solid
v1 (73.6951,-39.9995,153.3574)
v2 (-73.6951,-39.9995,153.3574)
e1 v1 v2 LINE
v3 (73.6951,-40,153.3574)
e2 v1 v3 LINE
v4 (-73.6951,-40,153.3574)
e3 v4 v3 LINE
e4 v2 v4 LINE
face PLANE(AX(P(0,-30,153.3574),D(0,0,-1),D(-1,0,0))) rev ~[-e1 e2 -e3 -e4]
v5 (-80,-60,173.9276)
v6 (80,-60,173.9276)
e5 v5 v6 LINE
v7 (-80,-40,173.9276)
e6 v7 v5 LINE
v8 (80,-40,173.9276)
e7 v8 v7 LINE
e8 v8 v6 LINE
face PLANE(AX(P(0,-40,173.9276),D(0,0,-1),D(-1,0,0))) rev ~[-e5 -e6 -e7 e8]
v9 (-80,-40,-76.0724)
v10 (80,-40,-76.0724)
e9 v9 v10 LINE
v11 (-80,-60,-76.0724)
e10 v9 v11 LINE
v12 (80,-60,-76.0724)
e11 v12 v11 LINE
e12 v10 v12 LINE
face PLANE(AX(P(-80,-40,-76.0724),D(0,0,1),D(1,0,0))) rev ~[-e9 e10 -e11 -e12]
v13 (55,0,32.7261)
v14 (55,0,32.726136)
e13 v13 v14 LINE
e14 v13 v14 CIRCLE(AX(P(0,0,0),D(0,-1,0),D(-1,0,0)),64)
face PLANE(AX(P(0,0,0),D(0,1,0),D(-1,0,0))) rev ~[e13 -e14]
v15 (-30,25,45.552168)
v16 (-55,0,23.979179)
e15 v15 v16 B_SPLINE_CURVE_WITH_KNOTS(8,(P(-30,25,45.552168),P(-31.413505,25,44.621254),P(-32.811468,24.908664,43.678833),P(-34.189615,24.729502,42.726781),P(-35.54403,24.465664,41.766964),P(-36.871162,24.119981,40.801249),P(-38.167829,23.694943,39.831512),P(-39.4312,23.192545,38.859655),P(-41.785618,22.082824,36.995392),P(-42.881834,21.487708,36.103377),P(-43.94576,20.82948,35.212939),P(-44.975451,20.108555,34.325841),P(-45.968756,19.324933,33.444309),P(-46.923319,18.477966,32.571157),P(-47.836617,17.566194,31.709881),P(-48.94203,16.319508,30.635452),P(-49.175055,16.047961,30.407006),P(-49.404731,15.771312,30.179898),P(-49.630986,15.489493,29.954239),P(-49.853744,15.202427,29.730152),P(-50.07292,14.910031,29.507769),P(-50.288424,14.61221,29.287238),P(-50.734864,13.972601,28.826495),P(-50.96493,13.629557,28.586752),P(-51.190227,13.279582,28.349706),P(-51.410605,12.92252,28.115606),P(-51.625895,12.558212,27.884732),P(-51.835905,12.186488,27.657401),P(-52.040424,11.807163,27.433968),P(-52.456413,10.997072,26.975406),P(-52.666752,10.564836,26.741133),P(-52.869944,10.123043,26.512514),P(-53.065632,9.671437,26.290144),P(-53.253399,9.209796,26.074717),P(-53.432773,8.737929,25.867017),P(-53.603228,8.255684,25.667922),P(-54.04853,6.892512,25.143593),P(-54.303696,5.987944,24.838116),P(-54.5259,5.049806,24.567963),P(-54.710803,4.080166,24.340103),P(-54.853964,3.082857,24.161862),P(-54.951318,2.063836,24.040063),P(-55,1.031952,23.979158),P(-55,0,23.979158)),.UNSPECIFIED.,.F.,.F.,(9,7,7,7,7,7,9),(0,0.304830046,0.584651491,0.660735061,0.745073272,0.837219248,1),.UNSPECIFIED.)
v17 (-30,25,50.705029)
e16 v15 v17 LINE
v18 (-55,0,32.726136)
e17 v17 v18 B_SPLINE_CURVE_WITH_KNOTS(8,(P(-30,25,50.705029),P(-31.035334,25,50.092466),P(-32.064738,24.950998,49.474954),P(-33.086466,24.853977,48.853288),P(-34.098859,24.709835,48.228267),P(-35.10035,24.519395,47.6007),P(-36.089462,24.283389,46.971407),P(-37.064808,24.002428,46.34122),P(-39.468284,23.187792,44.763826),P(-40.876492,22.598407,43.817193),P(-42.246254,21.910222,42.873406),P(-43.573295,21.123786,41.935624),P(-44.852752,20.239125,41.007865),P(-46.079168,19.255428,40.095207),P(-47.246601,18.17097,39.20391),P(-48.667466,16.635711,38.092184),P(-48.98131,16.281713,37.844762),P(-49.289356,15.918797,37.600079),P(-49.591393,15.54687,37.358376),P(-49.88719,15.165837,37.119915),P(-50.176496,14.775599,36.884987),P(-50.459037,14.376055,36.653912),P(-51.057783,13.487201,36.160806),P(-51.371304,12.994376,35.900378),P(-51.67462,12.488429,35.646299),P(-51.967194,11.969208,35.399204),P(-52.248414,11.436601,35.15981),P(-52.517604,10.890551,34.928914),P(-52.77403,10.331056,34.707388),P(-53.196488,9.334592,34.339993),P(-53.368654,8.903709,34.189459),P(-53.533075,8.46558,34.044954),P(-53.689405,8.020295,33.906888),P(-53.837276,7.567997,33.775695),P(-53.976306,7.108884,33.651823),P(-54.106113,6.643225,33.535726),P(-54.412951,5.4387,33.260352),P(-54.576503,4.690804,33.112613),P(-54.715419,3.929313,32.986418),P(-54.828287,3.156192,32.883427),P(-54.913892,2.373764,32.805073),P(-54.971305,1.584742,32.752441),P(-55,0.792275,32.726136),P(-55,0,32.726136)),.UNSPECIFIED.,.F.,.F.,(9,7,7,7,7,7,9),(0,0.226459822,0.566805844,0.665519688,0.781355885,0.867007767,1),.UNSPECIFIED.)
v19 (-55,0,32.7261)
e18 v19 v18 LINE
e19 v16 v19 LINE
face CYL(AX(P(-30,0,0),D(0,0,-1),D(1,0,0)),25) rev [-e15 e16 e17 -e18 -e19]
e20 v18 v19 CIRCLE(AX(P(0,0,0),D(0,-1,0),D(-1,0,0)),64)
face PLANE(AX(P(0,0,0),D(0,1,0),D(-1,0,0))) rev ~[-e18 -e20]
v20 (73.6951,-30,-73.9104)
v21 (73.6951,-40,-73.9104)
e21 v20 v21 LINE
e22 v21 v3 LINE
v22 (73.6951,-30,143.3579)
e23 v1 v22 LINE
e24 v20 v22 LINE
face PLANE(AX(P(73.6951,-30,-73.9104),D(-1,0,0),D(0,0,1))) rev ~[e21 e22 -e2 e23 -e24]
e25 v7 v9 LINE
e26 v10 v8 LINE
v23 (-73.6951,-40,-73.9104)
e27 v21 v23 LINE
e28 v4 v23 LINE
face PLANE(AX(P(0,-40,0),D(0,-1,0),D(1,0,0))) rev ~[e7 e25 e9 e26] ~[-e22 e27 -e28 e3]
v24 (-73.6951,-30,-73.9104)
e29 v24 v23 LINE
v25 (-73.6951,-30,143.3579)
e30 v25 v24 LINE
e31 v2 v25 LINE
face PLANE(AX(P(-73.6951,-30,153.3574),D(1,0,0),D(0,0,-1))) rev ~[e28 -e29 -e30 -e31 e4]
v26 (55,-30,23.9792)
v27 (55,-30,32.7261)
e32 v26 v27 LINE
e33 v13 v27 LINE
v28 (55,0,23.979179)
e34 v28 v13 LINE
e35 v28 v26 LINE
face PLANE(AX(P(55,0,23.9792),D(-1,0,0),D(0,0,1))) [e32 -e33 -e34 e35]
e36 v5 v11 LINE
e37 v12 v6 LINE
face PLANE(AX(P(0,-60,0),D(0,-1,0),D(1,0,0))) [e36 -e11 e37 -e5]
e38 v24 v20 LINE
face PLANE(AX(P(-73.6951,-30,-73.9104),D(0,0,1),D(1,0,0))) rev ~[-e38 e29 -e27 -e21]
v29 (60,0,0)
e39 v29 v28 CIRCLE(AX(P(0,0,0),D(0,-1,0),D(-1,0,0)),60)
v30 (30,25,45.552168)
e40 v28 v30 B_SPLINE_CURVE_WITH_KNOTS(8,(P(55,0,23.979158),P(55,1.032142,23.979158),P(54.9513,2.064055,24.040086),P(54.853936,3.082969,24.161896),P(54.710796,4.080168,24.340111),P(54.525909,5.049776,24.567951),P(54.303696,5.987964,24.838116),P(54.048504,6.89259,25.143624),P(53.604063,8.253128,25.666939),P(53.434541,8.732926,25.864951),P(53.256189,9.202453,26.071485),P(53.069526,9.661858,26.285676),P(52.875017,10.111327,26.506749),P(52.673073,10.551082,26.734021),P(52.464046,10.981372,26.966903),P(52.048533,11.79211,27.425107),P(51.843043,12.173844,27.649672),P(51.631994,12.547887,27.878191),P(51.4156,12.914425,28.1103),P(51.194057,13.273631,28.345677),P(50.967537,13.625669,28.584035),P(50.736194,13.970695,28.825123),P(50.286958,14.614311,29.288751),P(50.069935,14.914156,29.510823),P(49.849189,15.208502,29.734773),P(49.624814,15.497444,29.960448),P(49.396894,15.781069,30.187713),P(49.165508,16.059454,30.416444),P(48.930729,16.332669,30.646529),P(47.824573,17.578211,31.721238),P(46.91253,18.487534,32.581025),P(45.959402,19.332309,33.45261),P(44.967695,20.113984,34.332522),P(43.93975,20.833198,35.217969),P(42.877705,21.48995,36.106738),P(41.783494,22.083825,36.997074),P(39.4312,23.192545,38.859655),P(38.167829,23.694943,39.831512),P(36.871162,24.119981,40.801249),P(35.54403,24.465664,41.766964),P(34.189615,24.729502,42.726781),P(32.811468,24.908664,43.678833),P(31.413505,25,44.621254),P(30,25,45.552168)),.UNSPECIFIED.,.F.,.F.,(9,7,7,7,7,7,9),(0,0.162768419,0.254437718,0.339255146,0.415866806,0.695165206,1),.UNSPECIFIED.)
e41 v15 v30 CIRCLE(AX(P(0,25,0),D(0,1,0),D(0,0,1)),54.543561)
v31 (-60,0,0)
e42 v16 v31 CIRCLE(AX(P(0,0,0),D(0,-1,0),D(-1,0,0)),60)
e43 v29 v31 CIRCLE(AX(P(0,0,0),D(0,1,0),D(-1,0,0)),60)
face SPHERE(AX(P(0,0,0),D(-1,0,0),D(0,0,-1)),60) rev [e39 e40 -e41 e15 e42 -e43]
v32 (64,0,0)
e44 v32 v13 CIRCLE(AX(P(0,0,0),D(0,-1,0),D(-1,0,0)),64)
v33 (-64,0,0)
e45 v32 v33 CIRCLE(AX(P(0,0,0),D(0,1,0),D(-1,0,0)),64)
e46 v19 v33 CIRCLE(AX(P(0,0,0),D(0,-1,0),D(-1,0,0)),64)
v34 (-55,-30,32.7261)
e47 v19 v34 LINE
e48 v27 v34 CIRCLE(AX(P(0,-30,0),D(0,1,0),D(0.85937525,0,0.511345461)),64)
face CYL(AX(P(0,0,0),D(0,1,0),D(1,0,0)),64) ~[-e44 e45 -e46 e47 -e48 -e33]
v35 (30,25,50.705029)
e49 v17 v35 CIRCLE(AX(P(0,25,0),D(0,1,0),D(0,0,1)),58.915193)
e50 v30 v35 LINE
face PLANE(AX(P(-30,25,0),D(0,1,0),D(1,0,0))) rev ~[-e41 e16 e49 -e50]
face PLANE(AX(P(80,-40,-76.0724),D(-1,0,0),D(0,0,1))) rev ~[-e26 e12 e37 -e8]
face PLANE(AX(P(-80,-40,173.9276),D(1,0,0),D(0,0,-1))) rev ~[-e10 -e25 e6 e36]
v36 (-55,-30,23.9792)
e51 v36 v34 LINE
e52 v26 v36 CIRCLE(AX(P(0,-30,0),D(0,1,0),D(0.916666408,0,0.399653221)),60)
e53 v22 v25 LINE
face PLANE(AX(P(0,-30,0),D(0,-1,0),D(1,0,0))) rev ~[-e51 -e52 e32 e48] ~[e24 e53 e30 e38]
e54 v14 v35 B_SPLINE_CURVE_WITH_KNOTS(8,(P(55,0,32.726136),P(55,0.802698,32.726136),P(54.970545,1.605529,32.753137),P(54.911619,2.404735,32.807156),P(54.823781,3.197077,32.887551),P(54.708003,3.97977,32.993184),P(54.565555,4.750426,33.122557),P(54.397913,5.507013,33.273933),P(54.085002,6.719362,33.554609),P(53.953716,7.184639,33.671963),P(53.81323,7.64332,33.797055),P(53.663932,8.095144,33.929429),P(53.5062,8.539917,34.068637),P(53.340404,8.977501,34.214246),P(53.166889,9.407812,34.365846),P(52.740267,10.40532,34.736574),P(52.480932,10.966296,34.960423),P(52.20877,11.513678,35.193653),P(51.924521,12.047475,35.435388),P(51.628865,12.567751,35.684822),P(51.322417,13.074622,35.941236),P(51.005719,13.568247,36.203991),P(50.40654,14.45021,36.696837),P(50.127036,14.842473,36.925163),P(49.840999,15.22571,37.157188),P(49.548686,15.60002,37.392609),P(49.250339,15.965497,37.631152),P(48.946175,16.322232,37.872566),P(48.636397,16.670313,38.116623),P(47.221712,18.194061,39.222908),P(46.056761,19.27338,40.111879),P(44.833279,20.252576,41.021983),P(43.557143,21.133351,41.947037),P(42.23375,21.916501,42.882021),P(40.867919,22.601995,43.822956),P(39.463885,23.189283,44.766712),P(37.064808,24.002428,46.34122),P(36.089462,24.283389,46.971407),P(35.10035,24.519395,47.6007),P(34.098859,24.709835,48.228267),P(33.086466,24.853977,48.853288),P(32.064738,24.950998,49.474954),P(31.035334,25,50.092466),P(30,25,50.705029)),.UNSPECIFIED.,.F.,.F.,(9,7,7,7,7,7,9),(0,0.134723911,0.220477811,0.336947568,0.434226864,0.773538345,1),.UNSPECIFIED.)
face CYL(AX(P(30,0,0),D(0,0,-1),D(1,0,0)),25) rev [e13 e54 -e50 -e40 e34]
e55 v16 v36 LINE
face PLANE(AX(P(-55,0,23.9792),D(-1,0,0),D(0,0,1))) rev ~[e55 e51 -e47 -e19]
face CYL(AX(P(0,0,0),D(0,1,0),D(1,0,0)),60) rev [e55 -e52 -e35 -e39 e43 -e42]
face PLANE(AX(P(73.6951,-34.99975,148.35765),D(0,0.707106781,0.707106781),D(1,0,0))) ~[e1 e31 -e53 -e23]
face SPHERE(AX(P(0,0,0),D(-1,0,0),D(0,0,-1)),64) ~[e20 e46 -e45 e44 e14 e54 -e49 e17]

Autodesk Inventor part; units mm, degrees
ref_plane "YZ Plane" through (0, 0, 0) normal (1, 0, 0) x (0, 1, 0)
ref_plane "XZ Plane" through (0, 0, 0) normal (0, 1, 0) x (-1, 0, 0)
ref_plane "XY Plane" through (0, 0, 0) normal (0, 0, 1) x (1, 0, 0)
sketch "Эскиз1" plane through (0, 0, 0) normal (0, 1, 0) x (-1, 0, 0)
  circle A0 centre (0, 0) radius 60
  circle A1 centre (0, 0) radius 64
  line L0 (64, 0) -> (-64, 0)
  point P0 (60, 0)
  point P1 (-60, 0)
  dimension "d0" = 120
  dimension "d1" = 128
revolve "Вращение1" add sketch "Эскиз1" angle 180 about axis through (-64, 0, 0) along (1, 0, 0) picked at (62.0387, -7.1775) contours L0 A1 A0
sketch "Эскиз2" plane through (0, 0, 0) normal (0, 0, 1) x (1, 0, 0)
  line L0 (-64, 0) -> (64, 0) projected
  circle A0 centre (-30, 0) radius 25
  circle A1 centre (30, 0) radius 25
  line L1 (-30, 25) -> (30, 25)
  point P0 (0, 0)
  point P1 (0, 0)
  point P2 (55, 0)
  point P3 (-55, 0)
  dimension "d3" = 50
  dimension "d4" = 50
  dimension "d5" = 30
  dimension "d6" = 30
extrude "Выдавливание1" cut sketch "Эскиз2" along normal blind 100 contours A0 L0 | A0 L1 A1 L0 | A1 L0 picked at (-26.3843, 7.5081) picked at (33.6157, 7.5081)
sketch "Эскиз3" plane through (0, 0, 0) normal (0, -1, 0) x (1, 0, 0)
  circle A0 centre (0, 0) radius 64
  circle A1 centre (0, 0) radius 60
  arc A2 (-55, 23.9792) -> (55, 23.9792) centre (0, 0) ccw projected
  arc A3 (-55, 32.7261) -> (55, 32.7261) centre (0, 0) ccw projected
  line L0 (55, 23.9792) -> (55, 32.7261)
  line L1 (-55, 23.9792) -> (-55, 32.7261) projected
  line L2 (-55, 23.9792) -> (-55, 32.7261)
extrude "Выдавливание2" add sketch "Эскиз3" along normal blind 30 contours A0 L1 A1 L0 picked at (62.3402, -3.7177)
sketch "Эскиз5" plane through (0, -30, 0) normal (0, -1, 0) x (1, 0, 0)
  line L0 (-73.6951, -73.9104) -> (73.6951, -73.9104)
  line L1 (73.6951, -73.9104) -> (73.6951, 153.3574)
  line L2 (73.6951, 153.3574) -> (-73.6951, 153.3574)
  line L3 (-73.6951, 153.3574) -> (-73.6951, -73.9104)
  line L4 (0, 153.3574) -> (0, -73.9104)
  point P0 (0, 0)
extrude "Выдавливание3" add sketch "Эскиз5" along normal blind 10
chamfer "Фаска1" distance 10 angle 45 1 edges at (0, -30, 153.3574)
sketch "Эскиз6" plane through (0, -40, 0) normal (0, -1, 0) x (1, 0, 0)
  line L0 (-80, -76.0724) -> (80, -76.0724)
  line L1 (80, -76.0724) -> (80, 173.9276)
  line L2 (80, 173.9276) -> (-80, 173.9276)
  line L3 (-80, 173.9276) -> (-80, -76.0724)
  line L4 (0, 173.9276) -> (0, -76.0724)
  point P0 (0, 0)
  dimension "d16" = 160
  dimension "d17" = 250
extrude "Выдавливание4" add sketch "Эскиз6" along normal blind 20
properties part number "каска" material "Трубопровод ПВХ"
